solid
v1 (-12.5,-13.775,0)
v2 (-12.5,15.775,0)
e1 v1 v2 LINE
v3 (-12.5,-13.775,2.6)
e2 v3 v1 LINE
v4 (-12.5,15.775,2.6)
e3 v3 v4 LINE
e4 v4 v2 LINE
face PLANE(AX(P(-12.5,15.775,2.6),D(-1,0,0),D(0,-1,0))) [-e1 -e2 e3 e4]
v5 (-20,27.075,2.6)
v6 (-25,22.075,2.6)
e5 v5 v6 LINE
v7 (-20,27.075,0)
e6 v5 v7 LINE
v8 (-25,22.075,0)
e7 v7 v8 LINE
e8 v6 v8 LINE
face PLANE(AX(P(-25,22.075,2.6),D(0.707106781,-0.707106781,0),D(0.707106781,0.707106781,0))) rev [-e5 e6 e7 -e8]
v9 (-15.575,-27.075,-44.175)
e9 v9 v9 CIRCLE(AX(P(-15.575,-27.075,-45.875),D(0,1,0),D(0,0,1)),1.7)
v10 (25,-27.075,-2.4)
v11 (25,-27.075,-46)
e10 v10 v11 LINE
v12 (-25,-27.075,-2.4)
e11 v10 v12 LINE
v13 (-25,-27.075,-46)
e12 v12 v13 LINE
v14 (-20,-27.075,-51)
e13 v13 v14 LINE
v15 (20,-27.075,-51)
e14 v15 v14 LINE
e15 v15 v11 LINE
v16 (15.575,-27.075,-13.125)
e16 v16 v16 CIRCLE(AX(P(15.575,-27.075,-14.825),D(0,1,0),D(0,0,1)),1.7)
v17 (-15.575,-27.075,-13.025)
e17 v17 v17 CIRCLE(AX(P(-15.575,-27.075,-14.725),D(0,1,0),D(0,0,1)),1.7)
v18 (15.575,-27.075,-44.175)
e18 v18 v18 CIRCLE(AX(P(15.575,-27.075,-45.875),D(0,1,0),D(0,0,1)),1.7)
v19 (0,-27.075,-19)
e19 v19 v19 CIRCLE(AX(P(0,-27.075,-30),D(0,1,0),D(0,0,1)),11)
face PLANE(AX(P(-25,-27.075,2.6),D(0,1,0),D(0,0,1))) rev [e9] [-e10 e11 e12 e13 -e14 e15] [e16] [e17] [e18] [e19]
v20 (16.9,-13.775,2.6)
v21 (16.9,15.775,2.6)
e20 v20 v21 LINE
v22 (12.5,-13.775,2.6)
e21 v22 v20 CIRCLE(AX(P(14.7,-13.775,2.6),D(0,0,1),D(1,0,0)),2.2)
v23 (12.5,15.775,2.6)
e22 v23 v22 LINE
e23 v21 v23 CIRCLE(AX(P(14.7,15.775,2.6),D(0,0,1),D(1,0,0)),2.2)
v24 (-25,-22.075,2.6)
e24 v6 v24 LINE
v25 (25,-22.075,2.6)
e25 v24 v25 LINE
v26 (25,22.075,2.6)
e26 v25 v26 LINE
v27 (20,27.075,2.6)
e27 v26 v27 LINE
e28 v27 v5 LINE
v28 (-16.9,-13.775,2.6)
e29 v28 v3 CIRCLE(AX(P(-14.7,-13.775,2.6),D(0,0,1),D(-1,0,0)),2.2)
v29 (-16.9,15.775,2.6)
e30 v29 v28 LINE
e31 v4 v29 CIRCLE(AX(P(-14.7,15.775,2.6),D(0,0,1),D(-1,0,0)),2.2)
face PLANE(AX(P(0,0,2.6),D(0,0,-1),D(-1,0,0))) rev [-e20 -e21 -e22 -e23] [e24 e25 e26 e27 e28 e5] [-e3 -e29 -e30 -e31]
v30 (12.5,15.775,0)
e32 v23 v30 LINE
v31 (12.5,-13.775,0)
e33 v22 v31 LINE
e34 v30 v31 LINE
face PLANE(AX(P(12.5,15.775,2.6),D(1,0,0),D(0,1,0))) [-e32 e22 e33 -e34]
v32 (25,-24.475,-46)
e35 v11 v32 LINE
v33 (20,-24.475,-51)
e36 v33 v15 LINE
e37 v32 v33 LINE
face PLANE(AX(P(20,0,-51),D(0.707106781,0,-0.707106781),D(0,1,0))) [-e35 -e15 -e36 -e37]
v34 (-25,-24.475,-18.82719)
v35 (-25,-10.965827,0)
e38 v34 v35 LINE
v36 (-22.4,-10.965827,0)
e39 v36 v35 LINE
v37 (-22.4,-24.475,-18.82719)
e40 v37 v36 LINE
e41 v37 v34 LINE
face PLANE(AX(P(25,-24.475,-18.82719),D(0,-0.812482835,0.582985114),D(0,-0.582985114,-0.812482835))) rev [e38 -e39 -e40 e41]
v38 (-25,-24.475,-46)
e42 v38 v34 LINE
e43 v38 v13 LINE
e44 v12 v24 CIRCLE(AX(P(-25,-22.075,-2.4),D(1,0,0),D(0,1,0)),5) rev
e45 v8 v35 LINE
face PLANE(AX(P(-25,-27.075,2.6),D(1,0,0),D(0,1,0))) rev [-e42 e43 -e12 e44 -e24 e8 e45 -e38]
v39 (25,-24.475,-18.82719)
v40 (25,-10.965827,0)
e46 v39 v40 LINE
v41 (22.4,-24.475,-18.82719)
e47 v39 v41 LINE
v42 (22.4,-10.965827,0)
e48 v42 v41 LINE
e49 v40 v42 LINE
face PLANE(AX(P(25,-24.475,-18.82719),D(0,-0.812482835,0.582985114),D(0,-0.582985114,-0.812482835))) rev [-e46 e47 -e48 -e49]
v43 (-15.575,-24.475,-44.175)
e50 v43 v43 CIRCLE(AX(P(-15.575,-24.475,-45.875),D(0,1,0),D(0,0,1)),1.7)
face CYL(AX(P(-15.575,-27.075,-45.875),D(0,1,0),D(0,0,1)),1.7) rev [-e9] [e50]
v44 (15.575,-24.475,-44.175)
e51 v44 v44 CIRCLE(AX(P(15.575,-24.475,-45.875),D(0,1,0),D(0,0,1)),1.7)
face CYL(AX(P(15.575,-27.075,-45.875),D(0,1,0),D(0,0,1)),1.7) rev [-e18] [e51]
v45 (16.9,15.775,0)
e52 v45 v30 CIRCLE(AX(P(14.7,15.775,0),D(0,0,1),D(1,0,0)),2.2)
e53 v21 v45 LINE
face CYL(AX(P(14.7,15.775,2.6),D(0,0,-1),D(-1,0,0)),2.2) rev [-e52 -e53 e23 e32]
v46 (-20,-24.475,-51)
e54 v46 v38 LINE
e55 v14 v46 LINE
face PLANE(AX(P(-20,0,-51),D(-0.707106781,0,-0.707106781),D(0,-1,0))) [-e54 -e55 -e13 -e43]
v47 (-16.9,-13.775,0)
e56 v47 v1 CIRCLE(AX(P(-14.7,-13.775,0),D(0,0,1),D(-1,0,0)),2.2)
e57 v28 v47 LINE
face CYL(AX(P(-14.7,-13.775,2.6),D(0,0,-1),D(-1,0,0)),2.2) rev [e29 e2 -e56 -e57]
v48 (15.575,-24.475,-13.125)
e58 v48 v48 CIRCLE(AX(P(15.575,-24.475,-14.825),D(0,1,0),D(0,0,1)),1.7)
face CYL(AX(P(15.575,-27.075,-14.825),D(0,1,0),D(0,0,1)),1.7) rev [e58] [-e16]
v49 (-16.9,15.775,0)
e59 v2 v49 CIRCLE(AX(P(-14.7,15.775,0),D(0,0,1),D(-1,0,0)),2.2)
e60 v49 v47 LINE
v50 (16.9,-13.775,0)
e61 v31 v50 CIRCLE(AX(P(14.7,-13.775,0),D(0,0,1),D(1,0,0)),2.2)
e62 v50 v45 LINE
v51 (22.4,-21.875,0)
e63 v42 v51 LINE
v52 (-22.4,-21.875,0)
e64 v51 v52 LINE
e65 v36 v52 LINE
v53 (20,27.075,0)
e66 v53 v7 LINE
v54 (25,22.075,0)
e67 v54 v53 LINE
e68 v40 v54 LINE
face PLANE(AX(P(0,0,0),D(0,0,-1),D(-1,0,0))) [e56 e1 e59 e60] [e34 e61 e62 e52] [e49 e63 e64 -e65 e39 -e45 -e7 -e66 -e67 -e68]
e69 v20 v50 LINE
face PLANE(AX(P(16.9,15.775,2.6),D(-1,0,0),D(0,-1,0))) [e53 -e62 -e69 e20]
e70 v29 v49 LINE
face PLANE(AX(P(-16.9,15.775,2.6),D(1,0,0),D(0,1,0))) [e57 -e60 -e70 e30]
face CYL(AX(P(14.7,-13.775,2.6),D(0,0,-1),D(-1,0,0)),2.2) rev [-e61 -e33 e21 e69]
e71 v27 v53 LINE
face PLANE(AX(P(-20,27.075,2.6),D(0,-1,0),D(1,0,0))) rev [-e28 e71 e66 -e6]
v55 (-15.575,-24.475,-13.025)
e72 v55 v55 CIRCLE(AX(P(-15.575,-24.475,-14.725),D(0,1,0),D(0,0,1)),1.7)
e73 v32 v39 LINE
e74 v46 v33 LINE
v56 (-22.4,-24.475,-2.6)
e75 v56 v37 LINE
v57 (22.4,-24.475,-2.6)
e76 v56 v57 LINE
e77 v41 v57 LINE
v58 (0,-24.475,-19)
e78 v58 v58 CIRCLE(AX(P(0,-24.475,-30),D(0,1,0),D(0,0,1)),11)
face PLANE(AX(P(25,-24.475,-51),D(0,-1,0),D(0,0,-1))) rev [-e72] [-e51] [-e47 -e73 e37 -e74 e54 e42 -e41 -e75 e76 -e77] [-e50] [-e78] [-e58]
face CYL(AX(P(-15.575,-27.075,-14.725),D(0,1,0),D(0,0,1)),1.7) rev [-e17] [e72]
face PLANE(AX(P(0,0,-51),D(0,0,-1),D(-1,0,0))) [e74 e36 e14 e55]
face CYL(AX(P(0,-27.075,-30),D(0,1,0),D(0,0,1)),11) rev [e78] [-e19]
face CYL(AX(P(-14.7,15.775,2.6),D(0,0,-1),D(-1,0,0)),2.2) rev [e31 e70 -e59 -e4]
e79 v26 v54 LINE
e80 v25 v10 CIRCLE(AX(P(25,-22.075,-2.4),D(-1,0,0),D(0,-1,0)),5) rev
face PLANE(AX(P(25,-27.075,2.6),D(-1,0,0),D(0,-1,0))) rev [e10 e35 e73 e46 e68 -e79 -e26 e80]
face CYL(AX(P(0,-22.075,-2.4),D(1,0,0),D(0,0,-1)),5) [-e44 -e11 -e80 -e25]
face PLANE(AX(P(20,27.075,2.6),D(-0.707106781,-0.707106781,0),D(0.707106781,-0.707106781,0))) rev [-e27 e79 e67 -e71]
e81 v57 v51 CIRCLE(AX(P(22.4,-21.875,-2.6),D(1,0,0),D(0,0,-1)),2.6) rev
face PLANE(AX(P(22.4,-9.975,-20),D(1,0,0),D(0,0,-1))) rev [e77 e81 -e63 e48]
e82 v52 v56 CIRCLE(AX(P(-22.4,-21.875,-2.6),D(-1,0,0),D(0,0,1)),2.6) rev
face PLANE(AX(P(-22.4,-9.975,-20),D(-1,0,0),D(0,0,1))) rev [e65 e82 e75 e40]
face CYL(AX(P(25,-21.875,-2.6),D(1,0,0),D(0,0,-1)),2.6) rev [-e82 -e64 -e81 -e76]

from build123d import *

# Parameters (mm, degrees)
SALIENTE_EXTRUIR1_DEPTH = 2.6
CROQUIS5_W              = 50
CROQUIS5_H              = 2.6
SALIENTE_EXTRUIR2_DEPTH = 51
REDONDEO1_R             = 5
CROQUIS7_R              = 11
CROQUIS7_R_2            = 1.7
CORTAR_EXTRUIR1_DEPTH   = 77.703340866
CHAFL_N1_SIZE           = 5
CROQUIS8_W              = 2.6
CROQUIS8_H              = 20
SALIENTE_EXTRUIR3_DEPTH = 14.5
CORTAR_EXTRUIR2_DEPTH   = 77.380989945
REDONDEO2_R             = 2.6


with BuildPart() as part:
    # Croquis3 → Saliente-Extruir1 (new body)
    with BuildSketch(Plane.XY):
        Polygon((-25, -27.075), (25, -27.075), (25, 22.075), (20, 27.075), (-20, 27.075), (-25, 22.075), align=None)
        with BuildLine():
            Line((16.9, 15.775), (16.9, -13.775))
            ThreePointArc((16.9, -13.775), (14.7, -15.975), (12.5, -13.775))
            Line((12.5, -13.775), (12.5, 15.775))
            ThreePointArc((12.5, 15.775), (14.7, 17.975), (16.9, 15.775))
        make_face(mode=Mode.SUBTRACT)
        with BuildLine():
            Line((-16.9, 15.775), (-16.9, -13.775))
            ThreePointArc((-16.9, -13.775), (-14.7, -15.975), (-12.5, -13.775))
            Line((-12.5, -13.775), (-12.5, 15.775))
            ThreePointArc((-12.5, 15.775), (-14.7, 17.975), (-16.9, 15.775))
        make_face(mode=Mode.SUBTRACT)
    extrude(amount=SALIENTE_EXTRUIR1_DEPTH)

    # Croquis5 → Saliente-Extruir2 (add)
    with BuildSketch(Plane(origin=(0, 0, 0), x_dir=(-1, 0, 0), z_dir=(0, 0, -1))):
        with Locations((0, -25.775)):
            Rectangle(CROQUIS5_W, CROQUIS5_H)
    extrude(amount=SALIENTE_EXTRUIR2_DEPTH)

    # Redondeo1
    redondeo1_edges = [part.edges().sort_by_distance(p)[0] for p in [
        (0, -27.075, 2.6),
    ]]
    fillet(redondeo1_edges, radius=REDONDEO1_R)

    # Croquis7 → Cortar-Extruir1 (cut, through all)
    with BuildSketch(Plane(origin=(0, -24.475, 0), x_dir=(1, 0, 0), z_dir=(0, 1, 0))):
        with Locations(Location((0, 30, 0), (0, 0, 270))):
            Circle(CROQUIS7_R)
        with Locations(Location((-15.575, 45.875, 0), (0, 0, 270))):
            Circle(CROQUIS7_R_2)
        with Locations(Location((15.575, 45.875, 0), (0, 0, 270))):
            Circle(CROQUIS7_R_2)
        with Locations(Location((15.575, 14.825, 0), (0, 0, 270))):
            Circle(CROQUIS7_R_2)
        with Locations(Location((-15.575, 14.725, 0), (0, 0, 270))):
            Circle(CROQUIS7_R_2)
    extrude(amount=-CORTAR_EXTRUIR1_DEPTH, mode=Mode.SUBTRACT)

    # Chaflán1
    chafl_n1_edges = [part.edges().sort_by_distance(p)[0] for p in [
        (25, -25.775, -51),
        (-25, -25.775, -51),
    ]]
    chamfer(chafl_n1_edges, length=CHAFL_N1_SIZE)

    # Croquis8 → Saliente-Extruir3 (add)
    with BuildSketch(Plane(origin=(0, -24.475, 0), x_dir=(1, 0, 0), z_dir=(0, 1, 0))):
        with Locations((-23.7, 10)):
            Rectangle(CROQUIS8_W, CROQUIS8_H)
        with Locations((23.7, 10)):
            Rectangle(CROQUIS8_W, CROQUIS8_H)
    extrude(amount=SALIENTE_EXTRUIR3_DEPTH)

    # Croquis9 → Cortar-Extruir2 (cut, through all)
    with BuildSketch(Plane.ZY.offset(25)):
        Polygon((-20, -24.475), (-18.827189976, -24.475), (0, -10.965826599), (0, -9.975), (-20, -9.975), align=None)
    extrude(amount=-CORTAR_EXTRUIR2_DEPTH, mode=Mode.SUBTRACT)

    # Redondeo2
    redondeo2_edges = [part.edges().sort_by_distance(p)[0] for p in [
        (0, -24.475, 0),
    ]]
    fillet(redondeo2_edges, radius=REDONDEO2_R)


solid = part.part
